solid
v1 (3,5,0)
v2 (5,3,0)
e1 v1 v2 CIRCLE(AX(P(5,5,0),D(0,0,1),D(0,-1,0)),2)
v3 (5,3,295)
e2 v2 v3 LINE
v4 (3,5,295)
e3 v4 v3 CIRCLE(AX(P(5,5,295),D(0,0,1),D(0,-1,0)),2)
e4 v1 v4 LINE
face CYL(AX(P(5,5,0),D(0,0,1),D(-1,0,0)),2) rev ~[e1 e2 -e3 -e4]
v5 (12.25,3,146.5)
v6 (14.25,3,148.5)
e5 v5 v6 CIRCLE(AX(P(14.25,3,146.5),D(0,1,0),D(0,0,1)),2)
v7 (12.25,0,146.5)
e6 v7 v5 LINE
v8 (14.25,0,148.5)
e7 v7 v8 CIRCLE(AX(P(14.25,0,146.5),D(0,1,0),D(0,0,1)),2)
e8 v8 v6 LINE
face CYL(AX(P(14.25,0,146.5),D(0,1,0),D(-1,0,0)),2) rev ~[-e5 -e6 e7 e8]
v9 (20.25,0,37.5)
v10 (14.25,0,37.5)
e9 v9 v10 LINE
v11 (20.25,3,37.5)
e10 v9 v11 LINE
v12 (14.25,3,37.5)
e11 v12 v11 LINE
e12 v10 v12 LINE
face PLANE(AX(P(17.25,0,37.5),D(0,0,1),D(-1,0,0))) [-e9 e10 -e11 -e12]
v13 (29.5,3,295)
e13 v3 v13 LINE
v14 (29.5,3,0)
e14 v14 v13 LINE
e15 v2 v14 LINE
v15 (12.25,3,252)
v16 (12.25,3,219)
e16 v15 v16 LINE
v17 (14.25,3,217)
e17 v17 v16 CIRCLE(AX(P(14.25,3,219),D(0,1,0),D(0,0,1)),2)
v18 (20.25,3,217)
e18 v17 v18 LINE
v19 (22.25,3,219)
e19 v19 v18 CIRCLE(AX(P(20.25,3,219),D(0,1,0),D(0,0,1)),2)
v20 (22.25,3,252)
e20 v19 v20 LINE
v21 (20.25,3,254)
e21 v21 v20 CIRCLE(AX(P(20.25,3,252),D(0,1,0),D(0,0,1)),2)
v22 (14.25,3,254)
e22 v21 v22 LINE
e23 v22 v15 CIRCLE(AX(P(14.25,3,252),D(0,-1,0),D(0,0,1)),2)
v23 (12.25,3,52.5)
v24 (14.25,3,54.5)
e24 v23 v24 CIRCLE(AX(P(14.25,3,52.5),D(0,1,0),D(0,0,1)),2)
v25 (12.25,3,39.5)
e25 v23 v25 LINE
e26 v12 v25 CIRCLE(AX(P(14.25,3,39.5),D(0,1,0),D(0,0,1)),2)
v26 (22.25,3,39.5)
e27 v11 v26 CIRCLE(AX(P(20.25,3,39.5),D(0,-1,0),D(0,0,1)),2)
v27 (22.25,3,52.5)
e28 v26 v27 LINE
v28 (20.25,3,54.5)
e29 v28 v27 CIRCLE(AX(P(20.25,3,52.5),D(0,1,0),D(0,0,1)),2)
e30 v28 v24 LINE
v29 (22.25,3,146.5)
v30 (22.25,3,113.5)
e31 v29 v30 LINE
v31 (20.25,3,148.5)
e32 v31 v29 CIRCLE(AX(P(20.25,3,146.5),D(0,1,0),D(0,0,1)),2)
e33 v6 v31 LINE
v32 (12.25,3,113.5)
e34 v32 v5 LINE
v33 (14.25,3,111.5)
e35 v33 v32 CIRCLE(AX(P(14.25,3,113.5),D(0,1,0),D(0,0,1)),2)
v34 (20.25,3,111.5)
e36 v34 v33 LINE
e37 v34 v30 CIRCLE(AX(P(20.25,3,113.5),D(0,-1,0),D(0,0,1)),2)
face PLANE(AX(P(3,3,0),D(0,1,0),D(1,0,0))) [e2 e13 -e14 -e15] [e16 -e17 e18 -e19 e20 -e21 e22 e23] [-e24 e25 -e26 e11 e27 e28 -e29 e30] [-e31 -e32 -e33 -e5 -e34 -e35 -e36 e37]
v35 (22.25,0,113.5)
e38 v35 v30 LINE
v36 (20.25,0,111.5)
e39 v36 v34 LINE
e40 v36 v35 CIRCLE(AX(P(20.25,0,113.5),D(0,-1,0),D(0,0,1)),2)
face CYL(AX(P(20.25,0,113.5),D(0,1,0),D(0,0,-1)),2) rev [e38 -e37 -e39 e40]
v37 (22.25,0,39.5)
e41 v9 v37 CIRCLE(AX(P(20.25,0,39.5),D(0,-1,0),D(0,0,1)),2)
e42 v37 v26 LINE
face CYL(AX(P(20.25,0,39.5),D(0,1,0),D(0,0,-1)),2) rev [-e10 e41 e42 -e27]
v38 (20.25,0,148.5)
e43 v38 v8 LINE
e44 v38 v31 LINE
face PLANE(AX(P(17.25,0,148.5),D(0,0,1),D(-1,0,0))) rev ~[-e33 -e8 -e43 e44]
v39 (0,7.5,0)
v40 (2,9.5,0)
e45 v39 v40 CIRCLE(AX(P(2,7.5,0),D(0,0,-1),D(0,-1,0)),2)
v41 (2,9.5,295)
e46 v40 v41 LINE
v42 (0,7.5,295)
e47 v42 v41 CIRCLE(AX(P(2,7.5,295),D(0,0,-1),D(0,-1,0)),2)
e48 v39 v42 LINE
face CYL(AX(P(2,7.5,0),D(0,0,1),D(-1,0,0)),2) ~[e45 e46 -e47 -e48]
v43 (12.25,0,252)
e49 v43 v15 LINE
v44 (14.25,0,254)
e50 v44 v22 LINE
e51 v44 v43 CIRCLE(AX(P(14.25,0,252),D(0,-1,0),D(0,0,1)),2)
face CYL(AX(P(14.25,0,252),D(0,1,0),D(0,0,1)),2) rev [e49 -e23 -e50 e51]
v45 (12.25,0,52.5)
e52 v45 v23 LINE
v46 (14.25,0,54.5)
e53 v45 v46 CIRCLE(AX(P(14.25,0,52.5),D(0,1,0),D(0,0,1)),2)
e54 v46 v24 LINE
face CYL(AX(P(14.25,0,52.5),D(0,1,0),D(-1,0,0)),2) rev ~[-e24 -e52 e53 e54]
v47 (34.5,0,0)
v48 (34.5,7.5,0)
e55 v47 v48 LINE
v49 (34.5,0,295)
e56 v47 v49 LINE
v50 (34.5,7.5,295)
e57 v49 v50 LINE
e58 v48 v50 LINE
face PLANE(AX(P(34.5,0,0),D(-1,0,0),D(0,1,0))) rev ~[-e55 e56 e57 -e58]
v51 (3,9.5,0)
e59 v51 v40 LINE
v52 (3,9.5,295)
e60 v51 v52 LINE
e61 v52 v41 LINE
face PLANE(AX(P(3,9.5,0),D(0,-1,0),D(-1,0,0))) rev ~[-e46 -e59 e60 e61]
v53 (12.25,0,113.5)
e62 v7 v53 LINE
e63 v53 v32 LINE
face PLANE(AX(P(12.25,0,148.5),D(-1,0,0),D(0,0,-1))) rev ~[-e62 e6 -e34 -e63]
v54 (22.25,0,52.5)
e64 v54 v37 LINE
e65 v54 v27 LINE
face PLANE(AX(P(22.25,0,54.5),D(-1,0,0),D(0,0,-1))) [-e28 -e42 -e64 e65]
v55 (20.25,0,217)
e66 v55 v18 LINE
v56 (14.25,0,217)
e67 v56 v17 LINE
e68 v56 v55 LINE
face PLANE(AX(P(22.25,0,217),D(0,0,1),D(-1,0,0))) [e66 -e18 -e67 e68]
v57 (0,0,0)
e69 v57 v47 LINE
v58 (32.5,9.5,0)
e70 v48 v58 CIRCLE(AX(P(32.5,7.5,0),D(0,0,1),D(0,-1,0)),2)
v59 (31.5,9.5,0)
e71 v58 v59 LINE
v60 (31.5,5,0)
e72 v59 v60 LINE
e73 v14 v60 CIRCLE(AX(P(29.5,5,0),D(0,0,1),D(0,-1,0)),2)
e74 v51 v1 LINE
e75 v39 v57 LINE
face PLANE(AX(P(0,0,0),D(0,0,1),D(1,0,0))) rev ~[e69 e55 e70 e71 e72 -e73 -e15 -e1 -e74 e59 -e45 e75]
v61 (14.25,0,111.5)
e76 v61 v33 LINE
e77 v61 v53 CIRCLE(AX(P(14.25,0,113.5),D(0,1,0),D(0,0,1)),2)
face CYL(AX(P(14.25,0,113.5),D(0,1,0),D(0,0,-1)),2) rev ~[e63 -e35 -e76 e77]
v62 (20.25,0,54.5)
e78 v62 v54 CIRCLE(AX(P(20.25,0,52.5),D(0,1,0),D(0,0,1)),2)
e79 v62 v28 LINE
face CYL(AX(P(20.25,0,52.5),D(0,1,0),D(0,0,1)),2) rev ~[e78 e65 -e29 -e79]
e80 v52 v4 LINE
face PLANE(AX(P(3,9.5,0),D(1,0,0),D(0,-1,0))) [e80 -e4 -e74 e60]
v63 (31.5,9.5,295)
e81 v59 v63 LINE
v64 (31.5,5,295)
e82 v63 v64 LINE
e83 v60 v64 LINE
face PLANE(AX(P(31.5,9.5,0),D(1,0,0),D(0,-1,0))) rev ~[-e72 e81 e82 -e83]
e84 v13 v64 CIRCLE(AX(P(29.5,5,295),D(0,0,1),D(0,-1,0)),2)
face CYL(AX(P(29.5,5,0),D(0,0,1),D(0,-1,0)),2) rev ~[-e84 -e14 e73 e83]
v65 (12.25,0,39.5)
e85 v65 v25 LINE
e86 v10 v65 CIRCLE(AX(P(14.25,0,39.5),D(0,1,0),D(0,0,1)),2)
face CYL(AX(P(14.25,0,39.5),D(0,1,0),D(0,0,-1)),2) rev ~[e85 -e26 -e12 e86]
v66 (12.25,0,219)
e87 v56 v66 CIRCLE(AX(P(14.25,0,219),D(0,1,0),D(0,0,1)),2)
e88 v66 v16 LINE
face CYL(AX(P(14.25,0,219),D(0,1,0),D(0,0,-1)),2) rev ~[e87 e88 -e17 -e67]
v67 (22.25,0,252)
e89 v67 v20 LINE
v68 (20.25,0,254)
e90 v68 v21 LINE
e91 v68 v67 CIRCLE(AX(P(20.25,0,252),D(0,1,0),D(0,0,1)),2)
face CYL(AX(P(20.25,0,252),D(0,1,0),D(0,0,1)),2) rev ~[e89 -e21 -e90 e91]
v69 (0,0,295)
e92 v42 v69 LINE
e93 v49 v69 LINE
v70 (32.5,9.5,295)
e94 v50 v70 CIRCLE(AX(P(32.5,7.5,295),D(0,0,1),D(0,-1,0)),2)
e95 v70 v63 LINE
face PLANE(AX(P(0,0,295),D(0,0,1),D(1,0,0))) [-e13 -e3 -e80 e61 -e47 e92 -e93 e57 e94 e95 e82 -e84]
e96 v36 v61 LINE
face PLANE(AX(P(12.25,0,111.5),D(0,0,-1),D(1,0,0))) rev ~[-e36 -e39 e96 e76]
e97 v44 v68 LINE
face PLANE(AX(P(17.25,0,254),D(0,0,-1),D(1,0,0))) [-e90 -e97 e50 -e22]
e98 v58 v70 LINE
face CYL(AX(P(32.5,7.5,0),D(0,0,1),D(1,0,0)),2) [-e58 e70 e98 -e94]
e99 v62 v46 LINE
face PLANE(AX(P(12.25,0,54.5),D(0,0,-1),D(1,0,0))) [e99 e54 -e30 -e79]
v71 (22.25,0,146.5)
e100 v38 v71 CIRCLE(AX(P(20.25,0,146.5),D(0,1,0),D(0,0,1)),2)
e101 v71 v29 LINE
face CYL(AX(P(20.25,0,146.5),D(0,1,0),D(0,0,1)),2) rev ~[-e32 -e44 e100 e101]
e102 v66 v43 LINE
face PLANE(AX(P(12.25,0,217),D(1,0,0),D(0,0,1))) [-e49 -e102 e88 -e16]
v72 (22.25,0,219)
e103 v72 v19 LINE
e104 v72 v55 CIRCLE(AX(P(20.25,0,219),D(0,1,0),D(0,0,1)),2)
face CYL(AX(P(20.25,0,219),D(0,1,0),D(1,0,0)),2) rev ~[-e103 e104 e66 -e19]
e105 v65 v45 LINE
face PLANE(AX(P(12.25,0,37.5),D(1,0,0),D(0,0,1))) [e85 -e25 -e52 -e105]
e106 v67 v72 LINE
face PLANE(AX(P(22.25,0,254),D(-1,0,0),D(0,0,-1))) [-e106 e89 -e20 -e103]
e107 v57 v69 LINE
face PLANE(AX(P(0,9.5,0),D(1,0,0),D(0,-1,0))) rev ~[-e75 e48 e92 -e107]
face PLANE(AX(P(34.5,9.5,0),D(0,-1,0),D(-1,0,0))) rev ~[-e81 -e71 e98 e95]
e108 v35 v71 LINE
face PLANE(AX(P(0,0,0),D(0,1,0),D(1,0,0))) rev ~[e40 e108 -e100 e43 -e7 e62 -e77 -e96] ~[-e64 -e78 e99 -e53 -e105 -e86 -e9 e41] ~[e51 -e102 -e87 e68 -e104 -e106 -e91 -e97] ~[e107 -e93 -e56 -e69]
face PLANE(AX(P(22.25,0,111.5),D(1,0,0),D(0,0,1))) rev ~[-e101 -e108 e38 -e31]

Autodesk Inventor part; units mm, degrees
ref_plane "YZ Plane" through (0, 0, 0) normal (1, 0, 0) x (0, 1, 0)
ref_plane "XZ Plane" through (0, 0, 0) normal (0, 1, 0) x (-1, 0, 0)
ref_plane "XY Plane" through (0, 0, 0) normal (0, 0, 1) x (1, 0, 0)
sketch "Эскиз1" plane through (0, 0, 0) normal (0, 0, 1) x (1, 0, 0)
  line L0 (0, 0) -> (34.5, 0)
  line L1 (34.5, 0) -> (34.5, 9.5)
  line L2 (34.5, 9.5) -> (0, 9.5)
  line L3 (0, 9.5) -> (0, 0)
  line L4 (3, 9.5) -> (3, 0)
  line L5 (31.5, 9.5) -> (31.5, 0)
  line L6 (3, 3) -> (31.5, 3)
  dimension "d0" = 34.5
  dimension "d1" = 9.5
  dimension "d2" = 3
  dimension "d3" = 3
  dimension "d4" = 3
extrude "Выдавливание1" add sketch "Эскиз1" along normal blind 295 contours L3 L2 L4 L0 | L4 L6 L5 L0 | L5 L2 L1 L0
fillet "Сопряжение1" radius 2 4 edges at (3, 3, 147.5) (31.5, 3, 147.5) (34.5, 9.5, 147.5) (0, 9.5, 147.5)
sketch "Эскиз2" plane through (0, 0, 0) normal (0, -1, 0) x (1, 0, 0)
  line L0 (0, 0) -> (34.5, 0) projected
  line L1 (34.5, 0) -> (34.5, 295) projected
  line L2 (0, 295) -> (34.5, 295) projected
  line L3 (0, 0) -> (0, 295) projected
  line L4 (17.25, 295) -> (17.25, 0)
  line L5 (22.25, 217) -> (12.25, 217)
  line L6 (12.25, 217) -> (12.25, 254)
  line L7 (12.25, 254) -> (22.25, 254)
  line L8 (22.25, 254) -> (22.25, 217)
  line L9 (22.25, 217) -> (12.25, 254) construction
  line L10 (12.25, 217) -> (22.25, 254) construction
  line L11 (12.25, 111.5) -> (22.25, 111.5)
  line L12 (22.25, 111.5) -> (22.25, 148.5)
  line L13 (22.25, 148.5) -> (12.25, 148.5)
  line L14 (12.25, 148.5) -> (12.25, 111.5)
  line L15 (12.25, 111.5) -> (22.25, 148.5) construction
  line L16 (22.25, 111.5) -> (12.25, 148.5) construction
  line L17 (22.25, 37.5) -> (12.25, 37.5)
  line L18 (12.25, 37.5) -> (12.25, 54.5)
  line L19 (12.25, 54.5) -> (22.25, 54.5)
  line L20 (22.25, 54.5) -> (22.25, 37.5)
  line L21 (22.25, 37.5) -> (12.25, 54.5) construction
  line L22 (12.25, 37.5) -> (22.25, 54.5) construction
  point P0 (17.25, 235.5)
  point P1 (17.25, 130)
  point P2 (17.25, 46)
  dimension "d8" = 10
  dimension "d9" = 37
  dimension "d10" = 41
  dimension "d11" = 10
  dimension "d12" = 37
  dimension "d13" = 68.5
  dimension "d14" = 10
  dimension "d15" = 17
  dimension "d16" = 57
extrude "Выдавливание2" cut sketch "Эскиз2" against normal blind 295 contours L17 L18 L19 L4 | L4 L19 L20 L17 | L7 L8 L5 L4 | L4 L5 L6 L7 | L11 L14 L13 L4 | L4 L13 L12 L11
fillet "Сопряжение2" radius 2 12 edges at (12.25, 1.5, 148.5) (12.25, 1.5, 111.5) (22.25, 1.5, 111.5) (22.25, 1.5, 148.5) (22.25, 1.5, 54.5) (22.25, 1.5, 37.5) (12.25, 1.5, 54.5) (12.25, 1.5, 37.5) (12.25, 1.5, 217) (12.25, 1.5, 254) (22.25, 1.5, 254) (22.25, 1.5, 217)
properties part number "2 часть направляшки"
